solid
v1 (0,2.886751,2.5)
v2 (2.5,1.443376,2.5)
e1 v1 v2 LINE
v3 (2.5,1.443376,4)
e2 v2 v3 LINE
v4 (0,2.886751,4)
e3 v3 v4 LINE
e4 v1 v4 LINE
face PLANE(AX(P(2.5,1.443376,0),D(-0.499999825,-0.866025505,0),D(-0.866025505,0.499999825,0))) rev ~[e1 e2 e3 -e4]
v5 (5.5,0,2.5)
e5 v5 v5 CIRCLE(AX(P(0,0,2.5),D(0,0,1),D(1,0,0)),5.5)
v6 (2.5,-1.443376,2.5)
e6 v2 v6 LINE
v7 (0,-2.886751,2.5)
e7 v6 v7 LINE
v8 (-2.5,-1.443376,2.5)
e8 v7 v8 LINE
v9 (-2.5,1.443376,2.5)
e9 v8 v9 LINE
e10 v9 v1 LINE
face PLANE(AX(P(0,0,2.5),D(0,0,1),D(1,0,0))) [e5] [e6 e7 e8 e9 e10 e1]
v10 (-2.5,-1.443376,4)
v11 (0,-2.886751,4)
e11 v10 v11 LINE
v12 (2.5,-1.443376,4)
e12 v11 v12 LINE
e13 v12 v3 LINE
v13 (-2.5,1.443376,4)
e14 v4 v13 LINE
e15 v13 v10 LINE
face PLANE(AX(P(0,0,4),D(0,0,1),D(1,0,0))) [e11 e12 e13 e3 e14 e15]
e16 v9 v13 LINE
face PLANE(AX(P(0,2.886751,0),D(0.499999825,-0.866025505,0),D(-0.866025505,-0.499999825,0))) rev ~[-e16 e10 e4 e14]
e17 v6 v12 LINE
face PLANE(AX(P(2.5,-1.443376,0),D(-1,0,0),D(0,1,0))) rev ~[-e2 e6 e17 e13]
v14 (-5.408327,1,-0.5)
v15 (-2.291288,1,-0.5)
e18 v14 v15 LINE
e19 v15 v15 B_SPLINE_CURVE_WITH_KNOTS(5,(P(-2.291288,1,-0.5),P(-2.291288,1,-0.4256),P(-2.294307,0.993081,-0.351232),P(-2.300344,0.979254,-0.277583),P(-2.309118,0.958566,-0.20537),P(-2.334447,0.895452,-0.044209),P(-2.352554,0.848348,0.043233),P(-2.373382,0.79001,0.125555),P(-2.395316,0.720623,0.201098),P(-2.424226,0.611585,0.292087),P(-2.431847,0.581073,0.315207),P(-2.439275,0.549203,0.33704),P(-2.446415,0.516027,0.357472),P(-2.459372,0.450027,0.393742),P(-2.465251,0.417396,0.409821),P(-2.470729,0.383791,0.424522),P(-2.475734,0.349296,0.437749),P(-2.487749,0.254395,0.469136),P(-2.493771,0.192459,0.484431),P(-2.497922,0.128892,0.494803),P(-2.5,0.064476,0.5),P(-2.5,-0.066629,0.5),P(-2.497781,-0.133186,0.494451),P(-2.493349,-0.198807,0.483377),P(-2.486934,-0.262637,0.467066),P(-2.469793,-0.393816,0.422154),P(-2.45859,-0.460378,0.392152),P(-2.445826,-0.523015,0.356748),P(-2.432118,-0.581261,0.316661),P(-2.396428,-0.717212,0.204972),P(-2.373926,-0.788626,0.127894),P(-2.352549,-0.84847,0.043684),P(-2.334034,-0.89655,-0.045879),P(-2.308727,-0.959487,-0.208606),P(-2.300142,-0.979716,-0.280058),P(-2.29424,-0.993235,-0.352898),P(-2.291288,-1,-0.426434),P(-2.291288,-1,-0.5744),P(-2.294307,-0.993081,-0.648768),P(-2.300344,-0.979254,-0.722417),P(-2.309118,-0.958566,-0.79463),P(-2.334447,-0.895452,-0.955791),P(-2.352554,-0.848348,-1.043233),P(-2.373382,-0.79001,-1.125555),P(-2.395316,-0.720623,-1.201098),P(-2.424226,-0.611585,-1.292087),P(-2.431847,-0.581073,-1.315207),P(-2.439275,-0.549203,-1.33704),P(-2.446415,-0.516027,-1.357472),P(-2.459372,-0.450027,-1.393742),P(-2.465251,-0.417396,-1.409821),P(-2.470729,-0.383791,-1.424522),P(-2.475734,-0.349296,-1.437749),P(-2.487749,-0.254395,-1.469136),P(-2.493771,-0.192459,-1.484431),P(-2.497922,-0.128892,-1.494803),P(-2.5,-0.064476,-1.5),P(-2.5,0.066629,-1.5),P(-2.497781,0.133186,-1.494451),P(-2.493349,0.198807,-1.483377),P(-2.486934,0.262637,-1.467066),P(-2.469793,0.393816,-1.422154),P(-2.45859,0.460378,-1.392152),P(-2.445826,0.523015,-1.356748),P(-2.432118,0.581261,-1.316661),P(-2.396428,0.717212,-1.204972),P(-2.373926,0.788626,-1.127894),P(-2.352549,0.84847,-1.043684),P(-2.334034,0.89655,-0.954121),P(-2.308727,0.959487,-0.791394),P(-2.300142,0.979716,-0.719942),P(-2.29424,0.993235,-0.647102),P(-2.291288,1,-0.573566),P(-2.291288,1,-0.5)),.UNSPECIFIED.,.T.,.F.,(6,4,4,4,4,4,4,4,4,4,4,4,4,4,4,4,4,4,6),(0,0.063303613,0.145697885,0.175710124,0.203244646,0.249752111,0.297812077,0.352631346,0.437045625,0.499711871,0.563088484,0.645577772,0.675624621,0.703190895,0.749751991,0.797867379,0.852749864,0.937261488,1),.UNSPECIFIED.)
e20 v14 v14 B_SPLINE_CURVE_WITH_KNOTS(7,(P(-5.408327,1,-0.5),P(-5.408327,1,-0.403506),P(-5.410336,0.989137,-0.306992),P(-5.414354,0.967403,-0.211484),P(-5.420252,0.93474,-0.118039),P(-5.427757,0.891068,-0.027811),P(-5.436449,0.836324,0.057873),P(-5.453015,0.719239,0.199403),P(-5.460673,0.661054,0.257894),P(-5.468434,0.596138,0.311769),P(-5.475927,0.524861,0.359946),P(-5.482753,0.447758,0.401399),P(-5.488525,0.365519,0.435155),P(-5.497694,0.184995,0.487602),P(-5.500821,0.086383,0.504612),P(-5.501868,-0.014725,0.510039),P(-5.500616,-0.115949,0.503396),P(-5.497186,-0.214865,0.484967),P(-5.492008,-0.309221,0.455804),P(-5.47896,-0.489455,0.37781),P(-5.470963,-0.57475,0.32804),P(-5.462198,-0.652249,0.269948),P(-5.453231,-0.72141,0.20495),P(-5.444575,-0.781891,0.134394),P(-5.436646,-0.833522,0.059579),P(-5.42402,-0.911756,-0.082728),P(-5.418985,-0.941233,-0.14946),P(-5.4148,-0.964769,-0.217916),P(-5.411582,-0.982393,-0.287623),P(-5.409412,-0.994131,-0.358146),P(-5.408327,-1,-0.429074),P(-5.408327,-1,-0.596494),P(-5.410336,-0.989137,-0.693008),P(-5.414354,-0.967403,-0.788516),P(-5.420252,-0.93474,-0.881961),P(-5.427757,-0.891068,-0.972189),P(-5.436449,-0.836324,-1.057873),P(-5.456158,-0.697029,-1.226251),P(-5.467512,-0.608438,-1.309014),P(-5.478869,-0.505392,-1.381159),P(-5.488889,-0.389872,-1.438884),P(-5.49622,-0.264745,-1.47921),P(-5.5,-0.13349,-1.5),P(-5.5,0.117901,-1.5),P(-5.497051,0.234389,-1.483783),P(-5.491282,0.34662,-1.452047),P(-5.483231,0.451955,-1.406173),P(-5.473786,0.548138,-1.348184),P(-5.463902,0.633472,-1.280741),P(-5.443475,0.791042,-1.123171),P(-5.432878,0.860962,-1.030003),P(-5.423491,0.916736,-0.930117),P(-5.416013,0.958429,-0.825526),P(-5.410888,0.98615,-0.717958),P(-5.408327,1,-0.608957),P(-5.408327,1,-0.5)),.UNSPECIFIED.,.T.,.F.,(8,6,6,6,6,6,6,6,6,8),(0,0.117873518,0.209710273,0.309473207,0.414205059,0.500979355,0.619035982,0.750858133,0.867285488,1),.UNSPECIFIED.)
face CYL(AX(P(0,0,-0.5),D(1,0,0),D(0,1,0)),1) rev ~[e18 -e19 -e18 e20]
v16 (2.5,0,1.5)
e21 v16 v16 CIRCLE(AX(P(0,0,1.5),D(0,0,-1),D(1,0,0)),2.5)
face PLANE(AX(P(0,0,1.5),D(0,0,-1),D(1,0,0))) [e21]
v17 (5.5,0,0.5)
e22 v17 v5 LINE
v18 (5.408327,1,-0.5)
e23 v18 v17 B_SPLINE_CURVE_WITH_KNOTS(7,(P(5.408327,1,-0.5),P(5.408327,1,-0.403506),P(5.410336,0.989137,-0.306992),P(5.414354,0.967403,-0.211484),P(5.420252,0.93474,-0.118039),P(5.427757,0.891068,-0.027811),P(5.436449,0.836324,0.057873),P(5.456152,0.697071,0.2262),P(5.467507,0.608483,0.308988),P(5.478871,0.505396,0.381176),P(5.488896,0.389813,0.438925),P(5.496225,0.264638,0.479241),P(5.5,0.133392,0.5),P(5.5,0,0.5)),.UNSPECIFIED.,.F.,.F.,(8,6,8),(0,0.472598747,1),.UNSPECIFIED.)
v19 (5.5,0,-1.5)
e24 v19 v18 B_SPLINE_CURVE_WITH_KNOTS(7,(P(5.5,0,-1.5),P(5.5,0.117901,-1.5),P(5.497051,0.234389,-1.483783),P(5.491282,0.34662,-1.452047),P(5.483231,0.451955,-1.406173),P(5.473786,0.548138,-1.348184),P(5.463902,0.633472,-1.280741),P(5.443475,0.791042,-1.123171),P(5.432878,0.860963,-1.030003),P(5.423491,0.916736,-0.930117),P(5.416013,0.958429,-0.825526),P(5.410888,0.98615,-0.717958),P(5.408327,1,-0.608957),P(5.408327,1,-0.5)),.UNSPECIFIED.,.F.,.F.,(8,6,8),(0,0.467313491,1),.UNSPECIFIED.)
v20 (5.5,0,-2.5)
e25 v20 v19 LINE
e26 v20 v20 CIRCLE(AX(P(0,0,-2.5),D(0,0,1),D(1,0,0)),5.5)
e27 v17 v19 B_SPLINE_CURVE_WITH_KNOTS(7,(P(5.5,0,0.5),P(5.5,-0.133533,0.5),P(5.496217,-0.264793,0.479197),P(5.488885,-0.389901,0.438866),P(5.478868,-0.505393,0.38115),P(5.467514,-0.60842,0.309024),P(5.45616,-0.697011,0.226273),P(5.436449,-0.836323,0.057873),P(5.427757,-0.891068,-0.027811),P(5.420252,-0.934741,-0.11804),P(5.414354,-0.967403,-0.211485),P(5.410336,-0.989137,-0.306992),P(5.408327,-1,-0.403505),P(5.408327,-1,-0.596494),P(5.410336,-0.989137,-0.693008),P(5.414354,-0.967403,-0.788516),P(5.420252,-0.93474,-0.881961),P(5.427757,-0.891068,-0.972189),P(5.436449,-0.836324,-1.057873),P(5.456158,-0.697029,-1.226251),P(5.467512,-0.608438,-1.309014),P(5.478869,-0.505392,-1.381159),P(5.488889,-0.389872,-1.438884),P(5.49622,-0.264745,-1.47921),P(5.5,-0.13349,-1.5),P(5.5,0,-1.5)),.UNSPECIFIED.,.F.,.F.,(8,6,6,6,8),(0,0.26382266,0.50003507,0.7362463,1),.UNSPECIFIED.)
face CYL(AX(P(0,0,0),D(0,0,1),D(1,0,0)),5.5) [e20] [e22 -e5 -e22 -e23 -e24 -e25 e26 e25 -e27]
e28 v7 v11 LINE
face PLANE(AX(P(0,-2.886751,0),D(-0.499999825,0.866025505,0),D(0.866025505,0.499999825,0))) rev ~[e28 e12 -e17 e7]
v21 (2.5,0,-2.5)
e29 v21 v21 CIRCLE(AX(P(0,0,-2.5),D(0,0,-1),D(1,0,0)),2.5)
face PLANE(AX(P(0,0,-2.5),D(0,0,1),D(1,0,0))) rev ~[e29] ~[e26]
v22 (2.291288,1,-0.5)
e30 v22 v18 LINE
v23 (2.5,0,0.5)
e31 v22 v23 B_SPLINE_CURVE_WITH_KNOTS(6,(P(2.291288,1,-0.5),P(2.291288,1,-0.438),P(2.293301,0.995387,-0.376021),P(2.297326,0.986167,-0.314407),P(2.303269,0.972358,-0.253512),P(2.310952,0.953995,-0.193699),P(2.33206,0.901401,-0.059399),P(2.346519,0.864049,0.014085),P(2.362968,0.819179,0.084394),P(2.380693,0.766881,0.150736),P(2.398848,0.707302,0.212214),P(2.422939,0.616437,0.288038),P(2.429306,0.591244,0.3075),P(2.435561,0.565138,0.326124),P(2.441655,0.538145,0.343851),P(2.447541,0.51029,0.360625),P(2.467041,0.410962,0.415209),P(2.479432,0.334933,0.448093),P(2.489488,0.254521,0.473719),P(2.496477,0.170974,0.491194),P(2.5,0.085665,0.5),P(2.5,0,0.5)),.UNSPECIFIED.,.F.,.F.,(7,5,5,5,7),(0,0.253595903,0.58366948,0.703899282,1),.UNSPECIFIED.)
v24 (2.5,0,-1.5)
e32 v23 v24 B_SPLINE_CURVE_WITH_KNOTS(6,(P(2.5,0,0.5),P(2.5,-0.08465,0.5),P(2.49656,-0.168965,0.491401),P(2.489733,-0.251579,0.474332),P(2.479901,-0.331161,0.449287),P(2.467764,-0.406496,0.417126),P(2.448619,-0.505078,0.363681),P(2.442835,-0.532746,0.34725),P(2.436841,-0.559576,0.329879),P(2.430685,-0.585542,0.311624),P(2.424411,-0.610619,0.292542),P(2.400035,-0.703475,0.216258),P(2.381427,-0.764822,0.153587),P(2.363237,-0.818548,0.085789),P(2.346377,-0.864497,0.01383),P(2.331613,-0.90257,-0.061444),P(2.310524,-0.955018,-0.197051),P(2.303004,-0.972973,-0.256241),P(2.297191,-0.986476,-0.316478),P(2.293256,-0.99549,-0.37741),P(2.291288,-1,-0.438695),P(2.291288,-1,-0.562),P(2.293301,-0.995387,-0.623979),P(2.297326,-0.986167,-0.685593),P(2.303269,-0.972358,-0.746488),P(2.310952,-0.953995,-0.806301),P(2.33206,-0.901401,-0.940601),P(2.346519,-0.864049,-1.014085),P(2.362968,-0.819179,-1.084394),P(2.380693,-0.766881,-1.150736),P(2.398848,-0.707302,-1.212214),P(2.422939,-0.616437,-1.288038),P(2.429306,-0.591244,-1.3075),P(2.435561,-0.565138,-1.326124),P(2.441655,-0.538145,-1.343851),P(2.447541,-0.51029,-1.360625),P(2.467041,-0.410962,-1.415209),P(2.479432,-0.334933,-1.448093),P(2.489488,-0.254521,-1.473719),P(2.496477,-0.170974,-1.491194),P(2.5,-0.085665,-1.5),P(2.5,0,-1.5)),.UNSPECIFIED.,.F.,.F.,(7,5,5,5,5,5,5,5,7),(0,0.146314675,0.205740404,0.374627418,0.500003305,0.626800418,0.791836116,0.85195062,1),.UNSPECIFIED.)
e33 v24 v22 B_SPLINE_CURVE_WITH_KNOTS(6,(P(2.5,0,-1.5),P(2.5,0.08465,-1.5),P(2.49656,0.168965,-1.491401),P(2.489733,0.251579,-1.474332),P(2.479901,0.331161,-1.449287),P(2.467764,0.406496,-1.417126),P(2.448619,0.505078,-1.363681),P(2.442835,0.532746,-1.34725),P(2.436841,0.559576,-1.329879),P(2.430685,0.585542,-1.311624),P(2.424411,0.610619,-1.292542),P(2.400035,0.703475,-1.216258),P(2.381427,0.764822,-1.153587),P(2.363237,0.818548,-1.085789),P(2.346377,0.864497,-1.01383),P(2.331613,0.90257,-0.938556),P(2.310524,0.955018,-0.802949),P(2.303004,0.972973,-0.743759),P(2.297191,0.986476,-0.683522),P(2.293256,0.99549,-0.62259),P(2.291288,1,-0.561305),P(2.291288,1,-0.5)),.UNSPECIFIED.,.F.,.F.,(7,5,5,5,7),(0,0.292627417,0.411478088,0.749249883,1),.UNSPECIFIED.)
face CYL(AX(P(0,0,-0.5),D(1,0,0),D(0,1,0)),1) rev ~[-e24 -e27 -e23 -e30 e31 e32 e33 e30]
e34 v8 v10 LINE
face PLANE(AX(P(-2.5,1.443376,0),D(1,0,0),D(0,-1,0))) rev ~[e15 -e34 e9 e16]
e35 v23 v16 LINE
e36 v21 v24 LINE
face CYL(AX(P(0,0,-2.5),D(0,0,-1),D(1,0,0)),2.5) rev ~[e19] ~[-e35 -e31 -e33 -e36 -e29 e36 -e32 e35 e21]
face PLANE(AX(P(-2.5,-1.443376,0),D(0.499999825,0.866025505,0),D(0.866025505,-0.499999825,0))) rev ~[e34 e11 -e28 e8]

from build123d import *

# Parameters (mm, degrees)
F0_R     = 5.5
F1_DEPTH = 2.5
F3_DEPTH = 4
F4_R     = 1
F5_DEPTH = 50
F6_R     = 2.5
F7_DEPTH = 4


with BuildPart() as f1:
    # F0 (on Top) → F1 (new body, symmetric)
    with BuildSketch(Plane.XY):
        Circle(F0_R)
    extrude(amount=F1_DEPTH, both=True)

    # F2 (on Top) → F3 (join)
    with BuildSketch(Plane.XY):
        Polygon((-2.5, -1.443376), (0, -2.886751), (2.5, -1.443376), (2.5, 1.443376), (0, 2.886751), (-2.5, 1.443376), align=None)
    extrude(amount=F3_DEPTH)

    # F4 (on Right) → F5 (cut, symmetric)
    with BuildSketch(Plane.YZ):
        with Locations((0, -0.5)):
            Circle(F4_R)
    extrude(amount=F5_DEPTH, both=True, mode=Mode.SUBTRACT)

    # F6 (on face) → F7 (cut)
    with BuildSketch(Plane(origin=(0, 0, -2.5), x_dir=(1, 0, 0), z_dir=(0, 0, -1))):
        Circle(F6_R)
    extrude(amount=-F7_DEPTH, mode=Mode.SUBTRACT)


solid = f1.part
